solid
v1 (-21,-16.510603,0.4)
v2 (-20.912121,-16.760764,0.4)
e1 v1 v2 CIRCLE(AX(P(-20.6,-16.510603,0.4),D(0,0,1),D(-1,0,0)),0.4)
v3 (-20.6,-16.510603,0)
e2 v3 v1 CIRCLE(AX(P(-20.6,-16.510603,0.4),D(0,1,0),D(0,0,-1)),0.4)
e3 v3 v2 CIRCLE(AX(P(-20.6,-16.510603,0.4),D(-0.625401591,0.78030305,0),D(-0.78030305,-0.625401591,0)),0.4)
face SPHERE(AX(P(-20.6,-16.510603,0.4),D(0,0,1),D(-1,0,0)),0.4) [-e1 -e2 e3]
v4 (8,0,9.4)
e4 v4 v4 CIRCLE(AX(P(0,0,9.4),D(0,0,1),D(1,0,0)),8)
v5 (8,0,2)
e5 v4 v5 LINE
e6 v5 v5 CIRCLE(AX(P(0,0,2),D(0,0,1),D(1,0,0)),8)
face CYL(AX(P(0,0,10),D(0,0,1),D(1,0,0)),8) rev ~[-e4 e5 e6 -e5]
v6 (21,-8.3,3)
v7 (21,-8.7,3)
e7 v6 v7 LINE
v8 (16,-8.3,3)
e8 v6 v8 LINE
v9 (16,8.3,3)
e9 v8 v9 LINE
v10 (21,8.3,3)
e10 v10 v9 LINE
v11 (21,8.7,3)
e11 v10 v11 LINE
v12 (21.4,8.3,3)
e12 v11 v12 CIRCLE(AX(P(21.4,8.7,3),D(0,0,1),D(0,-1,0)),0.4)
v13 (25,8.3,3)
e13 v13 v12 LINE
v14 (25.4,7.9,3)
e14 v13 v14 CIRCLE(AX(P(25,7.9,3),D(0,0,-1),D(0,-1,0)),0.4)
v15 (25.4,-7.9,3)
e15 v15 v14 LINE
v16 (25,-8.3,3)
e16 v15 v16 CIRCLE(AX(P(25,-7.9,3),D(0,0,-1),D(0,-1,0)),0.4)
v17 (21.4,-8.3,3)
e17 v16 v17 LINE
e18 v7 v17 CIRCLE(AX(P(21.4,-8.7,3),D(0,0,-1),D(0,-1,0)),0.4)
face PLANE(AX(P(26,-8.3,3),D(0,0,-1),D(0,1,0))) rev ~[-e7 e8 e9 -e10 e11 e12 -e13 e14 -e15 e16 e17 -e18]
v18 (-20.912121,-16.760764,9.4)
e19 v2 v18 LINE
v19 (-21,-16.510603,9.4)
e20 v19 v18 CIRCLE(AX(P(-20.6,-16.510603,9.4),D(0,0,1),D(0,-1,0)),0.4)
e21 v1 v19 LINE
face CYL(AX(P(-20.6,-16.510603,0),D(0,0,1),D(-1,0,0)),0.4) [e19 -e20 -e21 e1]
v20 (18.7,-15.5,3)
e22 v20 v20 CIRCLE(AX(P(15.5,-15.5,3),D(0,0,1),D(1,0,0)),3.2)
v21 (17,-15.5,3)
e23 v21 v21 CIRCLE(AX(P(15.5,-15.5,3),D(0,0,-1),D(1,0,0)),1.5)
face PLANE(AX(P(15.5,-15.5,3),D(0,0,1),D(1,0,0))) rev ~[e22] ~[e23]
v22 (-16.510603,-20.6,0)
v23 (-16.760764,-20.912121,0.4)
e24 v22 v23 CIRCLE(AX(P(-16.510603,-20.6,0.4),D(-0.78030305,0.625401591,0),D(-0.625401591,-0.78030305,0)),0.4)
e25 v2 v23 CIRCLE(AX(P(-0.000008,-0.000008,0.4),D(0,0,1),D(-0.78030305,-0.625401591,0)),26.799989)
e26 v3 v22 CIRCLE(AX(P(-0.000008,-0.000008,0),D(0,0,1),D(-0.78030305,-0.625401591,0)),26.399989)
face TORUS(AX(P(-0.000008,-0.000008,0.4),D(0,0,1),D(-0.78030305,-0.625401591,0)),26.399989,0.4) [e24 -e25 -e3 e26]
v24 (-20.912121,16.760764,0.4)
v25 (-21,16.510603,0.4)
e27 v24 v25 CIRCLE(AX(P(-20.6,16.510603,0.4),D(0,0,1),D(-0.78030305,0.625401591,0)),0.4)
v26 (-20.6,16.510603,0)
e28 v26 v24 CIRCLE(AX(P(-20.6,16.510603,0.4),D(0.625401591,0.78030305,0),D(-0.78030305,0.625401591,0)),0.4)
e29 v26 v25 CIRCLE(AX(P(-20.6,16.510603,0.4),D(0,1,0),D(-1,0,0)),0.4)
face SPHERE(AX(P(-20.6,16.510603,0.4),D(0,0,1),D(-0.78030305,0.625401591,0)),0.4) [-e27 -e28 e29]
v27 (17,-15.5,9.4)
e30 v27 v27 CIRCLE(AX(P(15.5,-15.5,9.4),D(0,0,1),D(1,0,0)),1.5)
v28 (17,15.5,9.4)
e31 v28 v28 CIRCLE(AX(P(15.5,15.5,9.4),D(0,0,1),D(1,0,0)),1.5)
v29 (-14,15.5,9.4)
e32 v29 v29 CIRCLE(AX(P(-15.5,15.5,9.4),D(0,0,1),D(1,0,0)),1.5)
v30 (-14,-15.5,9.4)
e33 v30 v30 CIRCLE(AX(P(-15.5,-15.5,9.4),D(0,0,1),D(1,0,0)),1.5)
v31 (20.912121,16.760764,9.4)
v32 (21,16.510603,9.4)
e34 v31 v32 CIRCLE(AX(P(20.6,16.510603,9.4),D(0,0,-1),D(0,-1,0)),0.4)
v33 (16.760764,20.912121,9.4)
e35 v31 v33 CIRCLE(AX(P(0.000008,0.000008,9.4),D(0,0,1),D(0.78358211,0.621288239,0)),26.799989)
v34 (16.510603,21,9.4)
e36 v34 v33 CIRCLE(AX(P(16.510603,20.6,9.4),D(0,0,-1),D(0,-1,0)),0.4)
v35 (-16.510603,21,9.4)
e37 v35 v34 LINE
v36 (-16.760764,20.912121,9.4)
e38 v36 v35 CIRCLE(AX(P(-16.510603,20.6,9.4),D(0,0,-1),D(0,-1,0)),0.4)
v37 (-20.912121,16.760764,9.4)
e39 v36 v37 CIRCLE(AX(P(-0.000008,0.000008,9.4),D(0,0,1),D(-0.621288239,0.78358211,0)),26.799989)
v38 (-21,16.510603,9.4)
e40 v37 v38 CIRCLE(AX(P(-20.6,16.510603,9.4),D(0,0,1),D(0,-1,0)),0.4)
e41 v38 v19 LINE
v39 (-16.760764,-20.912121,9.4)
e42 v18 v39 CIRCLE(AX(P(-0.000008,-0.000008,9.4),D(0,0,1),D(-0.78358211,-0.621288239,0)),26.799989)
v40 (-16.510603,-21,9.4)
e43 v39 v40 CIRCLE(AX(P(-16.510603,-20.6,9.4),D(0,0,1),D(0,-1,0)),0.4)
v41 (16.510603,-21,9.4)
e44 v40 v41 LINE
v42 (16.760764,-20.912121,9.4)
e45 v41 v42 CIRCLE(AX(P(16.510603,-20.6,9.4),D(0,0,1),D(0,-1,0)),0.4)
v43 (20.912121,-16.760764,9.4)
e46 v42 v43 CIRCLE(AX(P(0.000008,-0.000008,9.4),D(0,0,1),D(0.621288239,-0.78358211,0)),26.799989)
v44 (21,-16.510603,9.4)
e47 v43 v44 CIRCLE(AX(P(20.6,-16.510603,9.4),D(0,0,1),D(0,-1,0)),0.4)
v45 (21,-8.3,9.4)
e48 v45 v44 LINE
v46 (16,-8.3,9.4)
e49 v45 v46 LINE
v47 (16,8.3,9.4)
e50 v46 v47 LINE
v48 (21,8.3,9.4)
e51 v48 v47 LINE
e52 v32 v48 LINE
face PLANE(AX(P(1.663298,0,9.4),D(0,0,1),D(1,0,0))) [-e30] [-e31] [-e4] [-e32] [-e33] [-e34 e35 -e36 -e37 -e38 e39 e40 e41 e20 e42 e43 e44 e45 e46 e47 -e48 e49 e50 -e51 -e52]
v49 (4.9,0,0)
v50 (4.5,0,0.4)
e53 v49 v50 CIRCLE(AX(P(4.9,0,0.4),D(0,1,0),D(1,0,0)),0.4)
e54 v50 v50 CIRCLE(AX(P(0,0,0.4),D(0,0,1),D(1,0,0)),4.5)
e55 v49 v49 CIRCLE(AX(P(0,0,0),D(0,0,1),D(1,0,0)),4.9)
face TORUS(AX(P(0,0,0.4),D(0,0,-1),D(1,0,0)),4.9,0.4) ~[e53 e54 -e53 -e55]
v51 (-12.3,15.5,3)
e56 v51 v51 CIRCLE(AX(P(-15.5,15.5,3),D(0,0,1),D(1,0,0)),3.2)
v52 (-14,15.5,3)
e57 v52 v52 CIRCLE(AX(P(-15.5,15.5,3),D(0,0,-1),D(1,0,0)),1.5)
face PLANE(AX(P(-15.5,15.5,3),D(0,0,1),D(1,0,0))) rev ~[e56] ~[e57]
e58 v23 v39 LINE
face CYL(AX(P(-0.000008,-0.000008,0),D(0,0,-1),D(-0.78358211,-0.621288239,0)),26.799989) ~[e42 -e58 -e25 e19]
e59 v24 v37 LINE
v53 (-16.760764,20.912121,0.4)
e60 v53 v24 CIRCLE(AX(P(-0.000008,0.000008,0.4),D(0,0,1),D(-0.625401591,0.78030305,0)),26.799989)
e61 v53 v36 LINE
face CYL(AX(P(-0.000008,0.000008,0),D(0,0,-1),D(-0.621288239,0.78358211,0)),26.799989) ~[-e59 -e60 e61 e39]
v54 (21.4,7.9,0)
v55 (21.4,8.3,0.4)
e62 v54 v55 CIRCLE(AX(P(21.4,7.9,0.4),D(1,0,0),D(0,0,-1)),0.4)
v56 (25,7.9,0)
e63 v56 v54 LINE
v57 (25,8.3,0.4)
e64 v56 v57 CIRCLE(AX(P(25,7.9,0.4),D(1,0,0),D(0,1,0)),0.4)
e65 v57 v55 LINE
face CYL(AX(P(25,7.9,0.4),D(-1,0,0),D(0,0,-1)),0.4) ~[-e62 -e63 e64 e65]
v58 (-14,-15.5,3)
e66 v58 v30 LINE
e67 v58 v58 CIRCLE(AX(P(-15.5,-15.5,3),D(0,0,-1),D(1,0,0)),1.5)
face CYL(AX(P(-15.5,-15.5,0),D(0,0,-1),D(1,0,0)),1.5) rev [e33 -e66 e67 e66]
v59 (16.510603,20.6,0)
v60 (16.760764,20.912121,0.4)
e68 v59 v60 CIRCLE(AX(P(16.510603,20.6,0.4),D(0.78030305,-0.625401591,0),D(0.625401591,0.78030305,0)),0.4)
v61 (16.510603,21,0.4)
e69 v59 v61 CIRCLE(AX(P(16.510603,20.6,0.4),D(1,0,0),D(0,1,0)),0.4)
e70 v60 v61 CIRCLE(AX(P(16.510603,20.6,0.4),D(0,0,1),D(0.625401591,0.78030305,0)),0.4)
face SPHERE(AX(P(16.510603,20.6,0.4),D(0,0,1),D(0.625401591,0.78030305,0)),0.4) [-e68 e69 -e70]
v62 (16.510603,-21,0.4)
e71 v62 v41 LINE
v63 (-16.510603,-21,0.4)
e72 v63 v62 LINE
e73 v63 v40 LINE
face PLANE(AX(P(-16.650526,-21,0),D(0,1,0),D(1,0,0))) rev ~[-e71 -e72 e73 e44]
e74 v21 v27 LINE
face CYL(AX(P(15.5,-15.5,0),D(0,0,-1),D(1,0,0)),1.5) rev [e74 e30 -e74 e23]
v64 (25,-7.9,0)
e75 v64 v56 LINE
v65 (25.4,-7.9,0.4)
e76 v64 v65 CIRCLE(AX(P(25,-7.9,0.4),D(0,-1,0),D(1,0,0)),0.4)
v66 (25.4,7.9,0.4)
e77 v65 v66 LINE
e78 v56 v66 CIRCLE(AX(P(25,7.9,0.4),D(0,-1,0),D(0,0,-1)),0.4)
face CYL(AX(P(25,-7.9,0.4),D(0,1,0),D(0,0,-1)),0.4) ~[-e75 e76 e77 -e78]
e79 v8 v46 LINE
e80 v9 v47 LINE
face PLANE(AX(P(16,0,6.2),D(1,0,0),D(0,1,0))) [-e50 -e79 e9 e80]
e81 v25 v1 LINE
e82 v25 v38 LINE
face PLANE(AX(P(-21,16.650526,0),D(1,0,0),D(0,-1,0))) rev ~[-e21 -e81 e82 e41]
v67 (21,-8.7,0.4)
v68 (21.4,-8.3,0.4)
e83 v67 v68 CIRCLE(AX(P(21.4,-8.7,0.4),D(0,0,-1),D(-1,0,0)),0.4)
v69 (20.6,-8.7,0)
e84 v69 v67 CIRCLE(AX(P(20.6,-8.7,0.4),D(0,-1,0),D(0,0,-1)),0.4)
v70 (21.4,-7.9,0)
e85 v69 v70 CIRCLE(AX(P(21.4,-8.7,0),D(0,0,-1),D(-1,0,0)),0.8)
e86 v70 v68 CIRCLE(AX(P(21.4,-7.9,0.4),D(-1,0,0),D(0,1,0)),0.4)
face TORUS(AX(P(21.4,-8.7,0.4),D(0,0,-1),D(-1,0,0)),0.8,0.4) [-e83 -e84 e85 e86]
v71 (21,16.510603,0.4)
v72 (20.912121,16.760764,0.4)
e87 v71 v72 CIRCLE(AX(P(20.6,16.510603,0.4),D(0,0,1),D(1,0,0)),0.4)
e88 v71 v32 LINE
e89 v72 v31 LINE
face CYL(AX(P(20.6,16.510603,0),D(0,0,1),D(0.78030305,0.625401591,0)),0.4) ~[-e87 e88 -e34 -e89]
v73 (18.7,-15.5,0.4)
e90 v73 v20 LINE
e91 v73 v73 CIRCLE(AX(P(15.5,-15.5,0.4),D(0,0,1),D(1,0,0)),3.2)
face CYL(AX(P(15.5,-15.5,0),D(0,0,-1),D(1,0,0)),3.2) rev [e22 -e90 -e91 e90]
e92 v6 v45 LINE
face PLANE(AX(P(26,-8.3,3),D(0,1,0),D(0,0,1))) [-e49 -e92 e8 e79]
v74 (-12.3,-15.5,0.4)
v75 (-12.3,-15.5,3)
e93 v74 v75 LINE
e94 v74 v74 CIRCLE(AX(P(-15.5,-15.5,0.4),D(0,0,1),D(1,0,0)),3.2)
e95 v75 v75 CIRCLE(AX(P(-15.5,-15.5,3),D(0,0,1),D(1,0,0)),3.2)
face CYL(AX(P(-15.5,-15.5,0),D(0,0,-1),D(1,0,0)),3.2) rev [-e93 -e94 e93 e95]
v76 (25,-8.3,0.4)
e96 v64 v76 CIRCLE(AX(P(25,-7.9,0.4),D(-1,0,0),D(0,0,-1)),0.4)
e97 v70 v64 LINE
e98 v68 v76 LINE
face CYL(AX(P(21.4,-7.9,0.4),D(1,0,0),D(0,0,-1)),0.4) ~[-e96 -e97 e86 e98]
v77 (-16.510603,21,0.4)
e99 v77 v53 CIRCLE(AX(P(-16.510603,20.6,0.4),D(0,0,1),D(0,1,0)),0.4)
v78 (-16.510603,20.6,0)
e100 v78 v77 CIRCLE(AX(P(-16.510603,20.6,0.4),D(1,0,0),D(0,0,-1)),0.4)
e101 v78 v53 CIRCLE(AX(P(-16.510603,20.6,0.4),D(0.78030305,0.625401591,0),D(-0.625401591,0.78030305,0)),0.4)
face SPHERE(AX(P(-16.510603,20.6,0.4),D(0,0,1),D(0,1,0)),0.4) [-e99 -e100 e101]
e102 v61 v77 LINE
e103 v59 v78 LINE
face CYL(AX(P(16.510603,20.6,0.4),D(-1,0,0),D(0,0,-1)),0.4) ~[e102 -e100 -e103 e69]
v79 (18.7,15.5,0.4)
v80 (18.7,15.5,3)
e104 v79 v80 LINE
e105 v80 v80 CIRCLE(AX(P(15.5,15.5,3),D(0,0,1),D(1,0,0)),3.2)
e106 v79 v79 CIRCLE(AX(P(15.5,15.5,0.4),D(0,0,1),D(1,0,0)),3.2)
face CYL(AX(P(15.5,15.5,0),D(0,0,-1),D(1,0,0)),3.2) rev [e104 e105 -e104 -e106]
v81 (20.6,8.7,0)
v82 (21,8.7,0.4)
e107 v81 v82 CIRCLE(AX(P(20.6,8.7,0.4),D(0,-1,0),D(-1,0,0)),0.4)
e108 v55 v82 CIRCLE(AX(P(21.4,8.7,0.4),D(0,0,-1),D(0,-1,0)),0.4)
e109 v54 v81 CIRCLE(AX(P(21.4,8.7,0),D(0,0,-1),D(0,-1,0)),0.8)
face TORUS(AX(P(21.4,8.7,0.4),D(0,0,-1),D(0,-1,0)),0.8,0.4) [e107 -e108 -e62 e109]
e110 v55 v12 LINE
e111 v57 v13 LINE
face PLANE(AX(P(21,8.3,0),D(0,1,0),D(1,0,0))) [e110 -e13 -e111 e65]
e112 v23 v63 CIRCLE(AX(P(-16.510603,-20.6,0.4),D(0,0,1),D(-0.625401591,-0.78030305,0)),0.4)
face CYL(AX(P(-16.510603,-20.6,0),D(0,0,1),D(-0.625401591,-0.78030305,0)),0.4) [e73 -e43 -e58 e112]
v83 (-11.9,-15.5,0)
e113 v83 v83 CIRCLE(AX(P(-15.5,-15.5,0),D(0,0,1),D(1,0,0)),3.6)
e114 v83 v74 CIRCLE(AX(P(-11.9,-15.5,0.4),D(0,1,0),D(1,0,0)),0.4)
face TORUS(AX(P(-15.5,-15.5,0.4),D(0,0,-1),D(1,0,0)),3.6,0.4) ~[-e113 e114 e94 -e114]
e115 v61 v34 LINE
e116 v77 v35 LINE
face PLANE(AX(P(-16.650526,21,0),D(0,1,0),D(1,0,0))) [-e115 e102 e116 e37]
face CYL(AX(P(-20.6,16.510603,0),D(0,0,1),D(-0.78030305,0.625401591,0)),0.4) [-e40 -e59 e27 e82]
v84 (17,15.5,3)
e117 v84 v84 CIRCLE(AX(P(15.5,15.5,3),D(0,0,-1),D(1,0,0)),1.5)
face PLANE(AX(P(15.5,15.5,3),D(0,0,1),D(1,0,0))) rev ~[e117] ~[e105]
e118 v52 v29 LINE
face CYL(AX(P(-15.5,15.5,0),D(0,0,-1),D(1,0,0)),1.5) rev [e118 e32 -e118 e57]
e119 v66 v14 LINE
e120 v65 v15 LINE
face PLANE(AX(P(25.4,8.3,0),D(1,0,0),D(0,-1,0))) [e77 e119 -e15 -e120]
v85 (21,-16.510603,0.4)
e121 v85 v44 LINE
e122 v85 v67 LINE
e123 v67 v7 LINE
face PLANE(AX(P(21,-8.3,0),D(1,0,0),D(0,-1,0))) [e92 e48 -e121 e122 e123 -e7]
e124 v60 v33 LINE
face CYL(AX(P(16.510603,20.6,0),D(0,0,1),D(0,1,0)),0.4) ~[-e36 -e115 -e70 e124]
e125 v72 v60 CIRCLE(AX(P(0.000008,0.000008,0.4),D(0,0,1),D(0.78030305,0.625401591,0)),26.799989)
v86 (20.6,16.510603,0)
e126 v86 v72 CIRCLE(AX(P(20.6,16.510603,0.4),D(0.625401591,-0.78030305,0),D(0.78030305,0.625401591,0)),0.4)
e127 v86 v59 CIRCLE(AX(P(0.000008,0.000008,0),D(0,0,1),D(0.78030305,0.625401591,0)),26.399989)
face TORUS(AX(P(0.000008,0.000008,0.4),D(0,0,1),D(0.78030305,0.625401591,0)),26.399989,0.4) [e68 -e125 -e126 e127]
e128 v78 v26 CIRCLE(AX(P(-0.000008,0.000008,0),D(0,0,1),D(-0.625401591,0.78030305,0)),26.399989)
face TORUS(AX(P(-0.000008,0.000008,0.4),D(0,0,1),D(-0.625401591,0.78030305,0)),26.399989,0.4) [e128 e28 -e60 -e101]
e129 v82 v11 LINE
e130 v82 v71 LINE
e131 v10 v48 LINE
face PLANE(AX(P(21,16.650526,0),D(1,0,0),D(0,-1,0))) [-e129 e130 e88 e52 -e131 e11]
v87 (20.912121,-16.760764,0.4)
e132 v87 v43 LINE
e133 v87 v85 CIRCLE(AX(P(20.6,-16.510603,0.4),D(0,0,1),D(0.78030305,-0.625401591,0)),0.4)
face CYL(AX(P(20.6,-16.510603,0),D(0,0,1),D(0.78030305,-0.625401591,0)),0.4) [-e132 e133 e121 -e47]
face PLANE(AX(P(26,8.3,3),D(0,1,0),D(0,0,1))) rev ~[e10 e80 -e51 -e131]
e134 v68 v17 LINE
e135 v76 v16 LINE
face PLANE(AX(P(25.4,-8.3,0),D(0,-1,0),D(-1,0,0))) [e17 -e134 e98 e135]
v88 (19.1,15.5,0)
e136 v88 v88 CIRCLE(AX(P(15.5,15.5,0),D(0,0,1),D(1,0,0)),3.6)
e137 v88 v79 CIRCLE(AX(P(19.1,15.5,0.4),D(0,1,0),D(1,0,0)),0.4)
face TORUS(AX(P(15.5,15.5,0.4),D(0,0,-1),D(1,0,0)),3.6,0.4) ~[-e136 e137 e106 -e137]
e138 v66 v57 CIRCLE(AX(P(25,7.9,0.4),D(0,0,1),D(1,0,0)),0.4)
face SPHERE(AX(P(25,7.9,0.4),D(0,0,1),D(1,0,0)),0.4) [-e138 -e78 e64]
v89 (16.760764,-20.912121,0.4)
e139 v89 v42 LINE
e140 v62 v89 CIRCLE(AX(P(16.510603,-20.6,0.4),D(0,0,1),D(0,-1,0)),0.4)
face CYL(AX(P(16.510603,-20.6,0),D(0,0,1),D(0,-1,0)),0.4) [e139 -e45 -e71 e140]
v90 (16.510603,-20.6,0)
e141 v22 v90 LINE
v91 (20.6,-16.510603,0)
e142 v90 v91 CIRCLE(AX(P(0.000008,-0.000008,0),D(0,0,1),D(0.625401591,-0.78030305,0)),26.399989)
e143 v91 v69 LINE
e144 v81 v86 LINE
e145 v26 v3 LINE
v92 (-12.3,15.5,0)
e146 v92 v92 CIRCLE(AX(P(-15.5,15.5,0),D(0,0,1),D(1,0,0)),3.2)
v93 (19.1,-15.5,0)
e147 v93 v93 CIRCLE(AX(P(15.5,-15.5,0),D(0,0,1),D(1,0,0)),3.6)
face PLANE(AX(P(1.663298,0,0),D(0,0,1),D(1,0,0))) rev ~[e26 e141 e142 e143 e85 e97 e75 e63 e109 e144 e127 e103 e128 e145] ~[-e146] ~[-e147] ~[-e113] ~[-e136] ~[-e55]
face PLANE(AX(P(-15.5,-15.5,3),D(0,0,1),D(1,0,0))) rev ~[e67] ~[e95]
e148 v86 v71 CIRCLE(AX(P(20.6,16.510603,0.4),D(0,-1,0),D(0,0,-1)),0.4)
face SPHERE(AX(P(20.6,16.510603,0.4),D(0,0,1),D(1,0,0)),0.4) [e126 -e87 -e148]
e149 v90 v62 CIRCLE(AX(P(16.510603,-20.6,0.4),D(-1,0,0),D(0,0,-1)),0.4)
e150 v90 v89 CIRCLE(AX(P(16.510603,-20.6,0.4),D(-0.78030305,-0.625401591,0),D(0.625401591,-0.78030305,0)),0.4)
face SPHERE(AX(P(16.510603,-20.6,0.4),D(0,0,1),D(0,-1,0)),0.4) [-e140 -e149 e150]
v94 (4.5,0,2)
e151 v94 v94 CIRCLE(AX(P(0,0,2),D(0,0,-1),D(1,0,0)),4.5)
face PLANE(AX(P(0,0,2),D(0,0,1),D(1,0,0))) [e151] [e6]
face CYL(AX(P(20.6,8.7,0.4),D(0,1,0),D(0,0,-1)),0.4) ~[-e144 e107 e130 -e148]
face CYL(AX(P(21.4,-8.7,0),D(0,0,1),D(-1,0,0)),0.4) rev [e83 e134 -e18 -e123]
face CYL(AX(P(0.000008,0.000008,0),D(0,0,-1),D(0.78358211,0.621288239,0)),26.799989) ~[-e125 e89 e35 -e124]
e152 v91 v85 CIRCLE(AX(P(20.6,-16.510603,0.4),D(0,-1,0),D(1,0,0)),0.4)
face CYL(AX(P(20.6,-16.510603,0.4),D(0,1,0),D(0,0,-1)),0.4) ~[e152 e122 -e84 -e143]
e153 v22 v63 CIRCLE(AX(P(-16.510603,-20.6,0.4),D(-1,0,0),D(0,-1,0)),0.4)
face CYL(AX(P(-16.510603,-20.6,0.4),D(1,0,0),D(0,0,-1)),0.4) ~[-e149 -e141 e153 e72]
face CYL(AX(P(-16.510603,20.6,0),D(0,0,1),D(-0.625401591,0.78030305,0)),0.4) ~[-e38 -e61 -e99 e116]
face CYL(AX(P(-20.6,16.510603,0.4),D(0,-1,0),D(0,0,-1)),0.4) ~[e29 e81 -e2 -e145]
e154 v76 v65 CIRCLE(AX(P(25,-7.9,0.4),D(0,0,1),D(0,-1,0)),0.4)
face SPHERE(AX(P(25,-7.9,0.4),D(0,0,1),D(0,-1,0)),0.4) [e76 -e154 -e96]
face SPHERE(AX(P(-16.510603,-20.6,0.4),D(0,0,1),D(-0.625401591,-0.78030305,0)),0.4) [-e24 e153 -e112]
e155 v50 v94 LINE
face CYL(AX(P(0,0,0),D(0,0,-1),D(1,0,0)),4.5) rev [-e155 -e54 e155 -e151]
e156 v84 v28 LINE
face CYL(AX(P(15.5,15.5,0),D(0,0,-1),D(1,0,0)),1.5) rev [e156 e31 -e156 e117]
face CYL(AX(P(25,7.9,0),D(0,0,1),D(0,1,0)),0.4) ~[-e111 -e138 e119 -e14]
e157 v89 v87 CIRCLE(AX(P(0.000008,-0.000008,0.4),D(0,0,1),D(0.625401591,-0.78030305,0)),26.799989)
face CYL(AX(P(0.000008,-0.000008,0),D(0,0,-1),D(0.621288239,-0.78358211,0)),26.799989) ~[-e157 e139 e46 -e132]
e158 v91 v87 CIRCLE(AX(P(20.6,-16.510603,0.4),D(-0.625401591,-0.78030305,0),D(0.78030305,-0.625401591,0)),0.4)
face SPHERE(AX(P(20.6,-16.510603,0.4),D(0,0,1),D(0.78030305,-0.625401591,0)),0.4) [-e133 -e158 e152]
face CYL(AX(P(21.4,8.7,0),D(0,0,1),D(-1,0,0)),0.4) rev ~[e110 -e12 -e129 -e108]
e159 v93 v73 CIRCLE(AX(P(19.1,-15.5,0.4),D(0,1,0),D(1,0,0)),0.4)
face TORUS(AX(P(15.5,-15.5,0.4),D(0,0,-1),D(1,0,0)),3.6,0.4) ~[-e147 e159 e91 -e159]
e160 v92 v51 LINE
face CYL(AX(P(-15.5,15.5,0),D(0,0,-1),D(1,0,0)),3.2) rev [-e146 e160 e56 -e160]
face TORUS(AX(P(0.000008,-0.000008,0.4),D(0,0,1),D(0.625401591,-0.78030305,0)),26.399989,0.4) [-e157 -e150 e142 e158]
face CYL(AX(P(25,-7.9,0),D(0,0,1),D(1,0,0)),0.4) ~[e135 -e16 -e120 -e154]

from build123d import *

# Parameters (mm, degrees)
SKETCH031_R     = 4.5
SKETCH031_R_2   = 1.5
PAD017_DEPTH    = 9.4
SKETCH033_R     = 3.2
POCKET011_DEPTH = 3
SKETCH034_R     = 8
POCKET001_DEPTH = 8
SKETCH004_W     = 16.6
SKETCH004_H     = 6.4
POCKET012_DEPTH = 10
FILLET002_R     = 0.4
FILLET003_R     = 0.4


with BuildPart() as part:
    # Sketch031 → Pad017 (new body)
    with BuildSketch(Plane.XY):
        with BuildLine():
            ThreePointArc((-16.650526, 21), (-18.950462, 18.950462), (-21, 16.650526))
            Line((-21, 16.650526), (-21, -16.650526))
            ThreePointArc((-21, -16.650526), (-18.950462, -18.950462), (-16.650526, -21))
            Line((-16.650526, -21), (16.650526, -21))
            ThreePointArc((16.650526, -21), (18.950462, -18.950462), (21, -16.650526))
            Line((21, -8.3), (21, -16.650526))
            Line((25.4, -8.3), (21, -8.3))
            Line((25.4, 8.3), (25.4, -8.3))
            Line((21, 8.3), (25.4, 8.3))
            Line((21, 16.650526), (21, 8.3))
            ThreePointArc((21, 16.650526), (18.950462, 18.950462), (16.650526, 21))
            Line((-16.650526, 21), (16.650526, 21))
        make_face()
        Circle(SKETCH031_R, mode=Mode.SUBTRACT)
        with Locations((-15.5, 15.5)):
            Circle(SKETCH031_R_2, mode=Mode.SUBTRACT)
        with Locations((15.5, 15.5)):
            Circle(SKETCH031_R_2, mode=Mode.SUBTRACT)
        with Locations((15.5, -15.5)):
            Circle(SKETCH031_R_2, mode=Mode.SUBTRACT)
        with Locations((-15.5, -15.5)):
            Circle(SKETCH031_R_2, mode=Mode.SUBTRACT)
    extrude(amount=PAD017_DEPTH)

    # Sketch033 → Pocket011 (cut)
    with BuildSketch(Plane.XY):
        with Locations((-15.5, 15.5)):
            Circle(SKETCH033_R)
        with Locations((15.5, 15.5)):
            Circle(SKETCH033_R)
        with Locations((15.5, -15.5)):
            Circle(SKETCH033_R)
        with Locations((-15.5, -15.5)):
            Circle(SKETCH033_R)
    extrude(amount=POCKET011_DEPTH, mode=Mode.SUBTRACT)

    # Sketch034 → Pocket001 (cut)
    with BuildSketch(Plane.XY.offset(10)):
        Circle(SKETCH034_R)
    extrude(amount=-POCKET001_DEPTH, mode=Mode.SUBTRACT)

    # Sketch004 → Pocket012 (cut)
    with BuildSketch(Plane.YZ.offset(26)):
        with Locations((0, 6.2)):
            Rectangle(SKETCH004_W, SKETCH004_H)
    extrude(amount=-POCKET012_DEPTH, mode=Mode.SUBTRACT)

    # Fillet002
    fillet002_edges = [part.edges().sort_by_distance(p)[0] for p in [
        (21, -8.3, 1.5),
        (21, 8.3, 1.5),
        (25.4, 8.3, 1.5),
        (25.4, -8.3, 1.5),
        (21, -16.650526, 4.7),
        (16.650526, -21, 4.7),
        (-16.650526, -21, 4.7),
        (-21, -16.650526, 4.7),
        (-21, 16.650526, 4.7),
        (-16.650526, 21, 4.7),
        (16.650526, 21, 4.7),
        (21, 16.650526, 4.7),
        (-4.5, 0, 0),
        (-18.7, -15.5, 0),
        (12.3, -15.5, 0),
        (12.3, 15.5, 0),
    ]]
    fillet(fillet002_edges, radius=FILLET002_R)

    # Fillet003
    fillet003_edges = [part.edges().sort_by_distance(p)[0] for p in [
        (18.950462, -18.950462, 0),
    ]]
    fillet(fillet003_edges, radius=FILLET003_R)


solid = part.part
